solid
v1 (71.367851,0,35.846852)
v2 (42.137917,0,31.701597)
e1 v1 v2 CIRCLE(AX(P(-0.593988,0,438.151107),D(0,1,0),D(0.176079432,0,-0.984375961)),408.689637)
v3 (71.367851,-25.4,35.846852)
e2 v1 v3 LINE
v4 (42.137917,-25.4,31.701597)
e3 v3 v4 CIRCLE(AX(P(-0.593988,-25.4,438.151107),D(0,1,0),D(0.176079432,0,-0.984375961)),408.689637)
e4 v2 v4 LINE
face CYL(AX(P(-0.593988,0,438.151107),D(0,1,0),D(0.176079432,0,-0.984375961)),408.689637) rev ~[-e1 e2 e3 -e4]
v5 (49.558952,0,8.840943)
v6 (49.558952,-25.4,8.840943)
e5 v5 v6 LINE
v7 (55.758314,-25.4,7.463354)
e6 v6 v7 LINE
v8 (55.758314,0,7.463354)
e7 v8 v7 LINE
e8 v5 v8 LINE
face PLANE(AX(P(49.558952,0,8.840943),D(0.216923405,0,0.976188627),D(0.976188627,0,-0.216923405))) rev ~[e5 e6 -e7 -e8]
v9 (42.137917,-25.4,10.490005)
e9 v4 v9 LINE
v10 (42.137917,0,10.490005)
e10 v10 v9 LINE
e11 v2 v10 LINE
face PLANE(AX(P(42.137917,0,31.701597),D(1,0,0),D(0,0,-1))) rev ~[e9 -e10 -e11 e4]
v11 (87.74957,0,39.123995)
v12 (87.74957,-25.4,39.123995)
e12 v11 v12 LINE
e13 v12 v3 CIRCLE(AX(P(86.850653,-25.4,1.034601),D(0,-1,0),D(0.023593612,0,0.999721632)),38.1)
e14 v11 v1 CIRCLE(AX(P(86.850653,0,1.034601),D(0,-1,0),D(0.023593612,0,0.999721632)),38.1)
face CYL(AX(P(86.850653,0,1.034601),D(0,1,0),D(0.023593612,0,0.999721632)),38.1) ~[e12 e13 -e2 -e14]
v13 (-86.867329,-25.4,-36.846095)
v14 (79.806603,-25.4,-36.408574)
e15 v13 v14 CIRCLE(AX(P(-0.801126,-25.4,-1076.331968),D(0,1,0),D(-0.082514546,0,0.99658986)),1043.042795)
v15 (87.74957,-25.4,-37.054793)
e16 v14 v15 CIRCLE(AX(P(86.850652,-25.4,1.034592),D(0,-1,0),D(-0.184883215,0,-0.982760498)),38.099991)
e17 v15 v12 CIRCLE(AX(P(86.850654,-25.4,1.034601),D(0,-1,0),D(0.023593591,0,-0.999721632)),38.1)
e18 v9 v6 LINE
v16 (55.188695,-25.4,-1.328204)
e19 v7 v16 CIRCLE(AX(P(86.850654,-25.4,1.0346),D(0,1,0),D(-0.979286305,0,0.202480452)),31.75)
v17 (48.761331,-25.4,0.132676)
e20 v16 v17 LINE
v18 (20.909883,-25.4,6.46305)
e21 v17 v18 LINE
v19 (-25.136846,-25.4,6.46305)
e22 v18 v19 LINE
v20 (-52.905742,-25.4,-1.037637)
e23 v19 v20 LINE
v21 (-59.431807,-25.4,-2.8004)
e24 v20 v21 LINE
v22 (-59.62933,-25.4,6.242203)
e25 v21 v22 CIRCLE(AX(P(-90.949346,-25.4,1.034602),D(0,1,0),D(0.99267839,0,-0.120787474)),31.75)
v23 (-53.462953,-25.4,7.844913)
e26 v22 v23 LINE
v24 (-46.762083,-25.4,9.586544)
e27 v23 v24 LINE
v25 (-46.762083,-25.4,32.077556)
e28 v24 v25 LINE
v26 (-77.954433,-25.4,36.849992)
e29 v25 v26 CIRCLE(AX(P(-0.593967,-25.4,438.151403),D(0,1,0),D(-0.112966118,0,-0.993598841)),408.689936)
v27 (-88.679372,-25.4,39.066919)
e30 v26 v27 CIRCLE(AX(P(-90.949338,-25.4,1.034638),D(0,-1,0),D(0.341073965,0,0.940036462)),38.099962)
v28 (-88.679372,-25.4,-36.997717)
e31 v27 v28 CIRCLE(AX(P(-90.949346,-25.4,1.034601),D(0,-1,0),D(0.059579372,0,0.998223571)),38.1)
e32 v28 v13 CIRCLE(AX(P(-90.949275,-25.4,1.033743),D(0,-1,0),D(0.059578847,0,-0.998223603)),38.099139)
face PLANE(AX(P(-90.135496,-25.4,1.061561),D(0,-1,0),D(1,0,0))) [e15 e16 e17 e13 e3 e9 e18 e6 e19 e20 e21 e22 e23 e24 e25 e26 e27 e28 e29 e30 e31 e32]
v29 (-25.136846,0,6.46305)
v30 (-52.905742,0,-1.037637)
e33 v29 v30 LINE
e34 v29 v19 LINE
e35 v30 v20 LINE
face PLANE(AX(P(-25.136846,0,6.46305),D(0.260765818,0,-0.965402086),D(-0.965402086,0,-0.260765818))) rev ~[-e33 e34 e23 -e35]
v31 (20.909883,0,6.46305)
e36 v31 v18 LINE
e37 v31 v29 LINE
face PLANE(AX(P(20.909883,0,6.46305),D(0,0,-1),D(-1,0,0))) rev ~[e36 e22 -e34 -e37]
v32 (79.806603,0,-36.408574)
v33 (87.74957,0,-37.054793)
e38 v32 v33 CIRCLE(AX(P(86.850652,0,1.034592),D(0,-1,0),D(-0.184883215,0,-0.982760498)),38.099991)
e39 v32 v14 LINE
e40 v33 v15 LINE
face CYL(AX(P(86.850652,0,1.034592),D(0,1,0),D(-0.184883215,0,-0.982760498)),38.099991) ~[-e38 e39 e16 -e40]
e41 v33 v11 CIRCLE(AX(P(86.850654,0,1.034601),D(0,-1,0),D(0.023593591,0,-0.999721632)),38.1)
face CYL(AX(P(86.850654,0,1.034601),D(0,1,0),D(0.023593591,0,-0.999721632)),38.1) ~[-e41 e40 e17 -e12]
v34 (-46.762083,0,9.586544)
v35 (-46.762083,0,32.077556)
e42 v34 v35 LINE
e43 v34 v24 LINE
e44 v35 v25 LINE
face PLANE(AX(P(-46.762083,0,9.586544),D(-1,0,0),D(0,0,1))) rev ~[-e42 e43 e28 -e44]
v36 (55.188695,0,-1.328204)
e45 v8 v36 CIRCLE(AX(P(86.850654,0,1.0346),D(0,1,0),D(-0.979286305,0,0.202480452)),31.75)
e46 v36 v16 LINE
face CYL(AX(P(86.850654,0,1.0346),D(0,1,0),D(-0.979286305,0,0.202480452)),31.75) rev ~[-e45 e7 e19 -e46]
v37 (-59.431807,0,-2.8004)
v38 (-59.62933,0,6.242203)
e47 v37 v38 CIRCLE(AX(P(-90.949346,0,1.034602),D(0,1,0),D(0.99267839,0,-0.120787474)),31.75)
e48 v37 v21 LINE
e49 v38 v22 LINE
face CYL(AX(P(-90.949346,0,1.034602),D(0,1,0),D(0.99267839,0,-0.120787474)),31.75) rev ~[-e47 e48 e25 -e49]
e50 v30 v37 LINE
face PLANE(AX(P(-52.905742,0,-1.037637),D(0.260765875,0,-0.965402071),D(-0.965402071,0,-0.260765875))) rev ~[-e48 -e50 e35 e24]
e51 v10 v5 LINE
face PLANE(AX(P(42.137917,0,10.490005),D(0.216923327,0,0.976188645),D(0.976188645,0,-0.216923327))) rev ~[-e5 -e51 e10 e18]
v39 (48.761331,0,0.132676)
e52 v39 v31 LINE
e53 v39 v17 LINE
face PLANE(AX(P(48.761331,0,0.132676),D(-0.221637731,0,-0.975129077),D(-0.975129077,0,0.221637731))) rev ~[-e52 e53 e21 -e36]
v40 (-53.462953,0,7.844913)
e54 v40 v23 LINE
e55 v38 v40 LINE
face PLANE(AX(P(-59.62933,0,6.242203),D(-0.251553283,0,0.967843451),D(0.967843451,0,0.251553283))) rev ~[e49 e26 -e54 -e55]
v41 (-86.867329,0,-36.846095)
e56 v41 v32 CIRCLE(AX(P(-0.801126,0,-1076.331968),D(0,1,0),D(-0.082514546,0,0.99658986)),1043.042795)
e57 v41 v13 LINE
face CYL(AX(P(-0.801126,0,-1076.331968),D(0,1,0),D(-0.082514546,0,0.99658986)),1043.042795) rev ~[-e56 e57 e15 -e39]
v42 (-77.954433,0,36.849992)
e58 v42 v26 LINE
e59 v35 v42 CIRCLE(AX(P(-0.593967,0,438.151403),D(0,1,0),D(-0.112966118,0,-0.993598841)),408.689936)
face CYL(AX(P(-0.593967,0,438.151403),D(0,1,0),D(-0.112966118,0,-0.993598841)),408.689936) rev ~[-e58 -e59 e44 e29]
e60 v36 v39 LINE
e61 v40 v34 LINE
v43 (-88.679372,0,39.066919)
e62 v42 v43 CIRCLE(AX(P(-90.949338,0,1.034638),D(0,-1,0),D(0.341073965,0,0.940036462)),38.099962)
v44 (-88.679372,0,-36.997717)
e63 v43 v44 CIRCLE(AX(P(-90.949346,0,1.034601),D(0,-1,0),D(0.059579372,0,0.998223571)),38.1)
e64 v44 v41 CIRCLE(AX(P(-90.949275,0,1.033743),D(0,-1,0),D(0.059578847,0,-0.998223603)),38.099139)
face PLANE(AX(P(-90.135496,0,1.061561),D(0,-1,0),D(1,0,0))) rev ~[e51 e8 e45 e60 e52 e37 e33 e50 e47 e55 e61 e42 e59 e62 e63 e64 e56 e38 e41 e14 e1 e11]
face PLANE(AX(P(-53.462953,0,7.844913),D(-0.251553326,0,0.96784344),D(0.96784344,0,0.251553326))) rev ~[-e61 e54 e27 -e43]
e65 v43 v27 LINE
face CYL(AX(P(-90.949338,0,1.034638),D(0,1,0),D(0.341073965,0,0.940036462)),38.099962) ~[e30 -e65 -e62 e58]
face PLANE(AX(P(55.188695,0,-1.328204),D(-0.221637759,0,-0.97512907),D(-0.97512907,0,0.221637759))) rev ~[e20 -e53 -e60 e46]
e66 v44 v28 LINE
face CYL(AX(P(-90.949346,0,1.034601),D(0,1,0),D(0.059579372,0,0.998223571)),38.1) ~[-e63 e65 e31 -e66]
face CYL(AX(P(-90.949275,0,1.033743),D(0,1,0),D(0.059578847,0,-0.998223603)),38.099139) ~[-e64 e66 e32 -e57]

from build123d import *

# Parameters (mm, degrees)
F1_DEPTH = 25.4


with BuildPart() as f1:
    # F0 (on Front) → F1 (new body)
    with BuildSketch(Plane.XZ):
        with BuildLine():
            ThreePointArc((-77.954433, 36.849992), (-83.324328, 37.92253), (-88.679372, 39.066919))
            ThreePointArc((-88.679372, 39.066919), (-129.049346, 1.034601), (-88.679372, -36.997717))
            ThreePointArc((-88.679372, -36.997717), (-87.773383, -36.921511), (-86.867329, -36.846095))
            ThreePointArc((-86.867329, -36.846095), (-63.305117, -25.183839), (-52.905742, -1.037637))
            Line((-52.905742, -1.037637), (-59.431807, -2.8004))
            ThreePointArc((-59.431807, -2.8004), (-122.691774, 0.341231), (-59.62933, 6.242203))
            Line((-59.62933, 6.242203), (-53.462953, 7.844913))
            ThreePointArc((-53.462953, 7.844913), (-61.838966, 25.614996), (-77.954433, 36.849992))
        make_face()
        with BuildLine():
            ThreePointArc((-77.954433, 36.849992), (-83.236831, 38.345821), (-88.679372, 39.066919))
            ThreePointArc((-88.679372, 39.066919), (-83.324328, 37.92253), (-77.954433, 36.849992))
        make_face()
        with BuildLine():
            ThreePointArc((-86.867329, -36.846095), (-87.773383, -36.921511), (-88.679372, -36.997717))
            ThreePointArc((-88.679372, -36.997717), (-87.772445, -36.932718), (-86.867329, -36.846095))
        make_face()
        with BuildLine():
            ThreePointArc((-46.762083, 32.077556), (-62.404336, 34.162613), (-77.954433, 36.849992))
            ThreePointArc((-77.954433, 36.849992), (-61.838966, 25.614996), (-53.462953, 7.844913))
            Line((-53.462953, 7.844913), (-46.762083, 9.586544))
            Line((-46.762083, 9.586544), (-46.762083, 32.077556))
        make_face()
        with BuildLine():
            ThreePointArc((-52.905742, -1.037637), (-63.305117, -25.183839), (-86.867329, -36.846095))
            ThreePointArc((-86.867329, -36.846095), (-3.539116, -33.292767), (79.806603, -36.408574))
            ThreePointArc((79.806603, -36.408574), (57.814967, -23.63398), (48.761331, 0.132676))
            Line((48.761331, 0.132676), (20.909883, 6.46305))
            Line((20.909883, 6.46305), (-25.136846, 6.46305))
            Line((-25.136846, 6.46305), (-52.905742, -1.037637))
        make_face()
        with BuildLine():
            ThreePointArc((87.74957, -37.054793), (83.778703, -36.724097), (79.806603, -36.408574))
            ThreePointArc((79.806603, -36.408574), (83.761144, -36.939929), (87.74957, -37.054793))
        make_face()
        with BuildLine():
            ThreePointArc((48.761331, 0.132676), (57.814967, -23.63398), (79.806603, -36.408574))
            ThreePointArc((79.806603, -36.408574), (83.778703, -36.724097), (87.74957, -37.054793))
            ThreePointArc((87.74957, -37.054793), (124.950654, 1.034601), (87.74957, 39.123995))
            ThreePointArc((87.74957, 39.123995), (79.575458, 37.401709), (71.367851, 35.846852))
            ThreePointArc((71.367851, 35.846852), (57.209182, 24.971876), (49.558952, 8.840943))
            Line((49.558952, 8.840943), (55.758314, 7.463354))
            ThreePointArc((55.758314, 7.463354), (118.534221, -1.018226), (55.188695, -1.328204))
            Line((55.188695, -1.328204), (48.761331, 0.132676))
        make_face()
        with BuildLine():
            ThreePointArc((71.367851, 35.846852), (79.575458, 37.401709), (87.74957, 39.123995))
            ThreePointArc((87.74957, 39.123995), (79.376876, 38.394374), (71.367851, 35.846852))
        make_face()
        with BuildLine():
            ThreePointArc((49.558952, 8.840943), (57.209182, 24.971876), (71.367851, 35.846852))
            ThreePointArc((71.367851, 35.846852), (56.790326, 33.510204), (42.137917, 31.701597))
            Line((42.137917, 31.701597), (42.137917, 10.490005))
            Line((42.137917, 10.490005), (49.558952, 8.840943))
        make_face()
    extrude(amount=F1_DEPTH)


solid = f1.part
